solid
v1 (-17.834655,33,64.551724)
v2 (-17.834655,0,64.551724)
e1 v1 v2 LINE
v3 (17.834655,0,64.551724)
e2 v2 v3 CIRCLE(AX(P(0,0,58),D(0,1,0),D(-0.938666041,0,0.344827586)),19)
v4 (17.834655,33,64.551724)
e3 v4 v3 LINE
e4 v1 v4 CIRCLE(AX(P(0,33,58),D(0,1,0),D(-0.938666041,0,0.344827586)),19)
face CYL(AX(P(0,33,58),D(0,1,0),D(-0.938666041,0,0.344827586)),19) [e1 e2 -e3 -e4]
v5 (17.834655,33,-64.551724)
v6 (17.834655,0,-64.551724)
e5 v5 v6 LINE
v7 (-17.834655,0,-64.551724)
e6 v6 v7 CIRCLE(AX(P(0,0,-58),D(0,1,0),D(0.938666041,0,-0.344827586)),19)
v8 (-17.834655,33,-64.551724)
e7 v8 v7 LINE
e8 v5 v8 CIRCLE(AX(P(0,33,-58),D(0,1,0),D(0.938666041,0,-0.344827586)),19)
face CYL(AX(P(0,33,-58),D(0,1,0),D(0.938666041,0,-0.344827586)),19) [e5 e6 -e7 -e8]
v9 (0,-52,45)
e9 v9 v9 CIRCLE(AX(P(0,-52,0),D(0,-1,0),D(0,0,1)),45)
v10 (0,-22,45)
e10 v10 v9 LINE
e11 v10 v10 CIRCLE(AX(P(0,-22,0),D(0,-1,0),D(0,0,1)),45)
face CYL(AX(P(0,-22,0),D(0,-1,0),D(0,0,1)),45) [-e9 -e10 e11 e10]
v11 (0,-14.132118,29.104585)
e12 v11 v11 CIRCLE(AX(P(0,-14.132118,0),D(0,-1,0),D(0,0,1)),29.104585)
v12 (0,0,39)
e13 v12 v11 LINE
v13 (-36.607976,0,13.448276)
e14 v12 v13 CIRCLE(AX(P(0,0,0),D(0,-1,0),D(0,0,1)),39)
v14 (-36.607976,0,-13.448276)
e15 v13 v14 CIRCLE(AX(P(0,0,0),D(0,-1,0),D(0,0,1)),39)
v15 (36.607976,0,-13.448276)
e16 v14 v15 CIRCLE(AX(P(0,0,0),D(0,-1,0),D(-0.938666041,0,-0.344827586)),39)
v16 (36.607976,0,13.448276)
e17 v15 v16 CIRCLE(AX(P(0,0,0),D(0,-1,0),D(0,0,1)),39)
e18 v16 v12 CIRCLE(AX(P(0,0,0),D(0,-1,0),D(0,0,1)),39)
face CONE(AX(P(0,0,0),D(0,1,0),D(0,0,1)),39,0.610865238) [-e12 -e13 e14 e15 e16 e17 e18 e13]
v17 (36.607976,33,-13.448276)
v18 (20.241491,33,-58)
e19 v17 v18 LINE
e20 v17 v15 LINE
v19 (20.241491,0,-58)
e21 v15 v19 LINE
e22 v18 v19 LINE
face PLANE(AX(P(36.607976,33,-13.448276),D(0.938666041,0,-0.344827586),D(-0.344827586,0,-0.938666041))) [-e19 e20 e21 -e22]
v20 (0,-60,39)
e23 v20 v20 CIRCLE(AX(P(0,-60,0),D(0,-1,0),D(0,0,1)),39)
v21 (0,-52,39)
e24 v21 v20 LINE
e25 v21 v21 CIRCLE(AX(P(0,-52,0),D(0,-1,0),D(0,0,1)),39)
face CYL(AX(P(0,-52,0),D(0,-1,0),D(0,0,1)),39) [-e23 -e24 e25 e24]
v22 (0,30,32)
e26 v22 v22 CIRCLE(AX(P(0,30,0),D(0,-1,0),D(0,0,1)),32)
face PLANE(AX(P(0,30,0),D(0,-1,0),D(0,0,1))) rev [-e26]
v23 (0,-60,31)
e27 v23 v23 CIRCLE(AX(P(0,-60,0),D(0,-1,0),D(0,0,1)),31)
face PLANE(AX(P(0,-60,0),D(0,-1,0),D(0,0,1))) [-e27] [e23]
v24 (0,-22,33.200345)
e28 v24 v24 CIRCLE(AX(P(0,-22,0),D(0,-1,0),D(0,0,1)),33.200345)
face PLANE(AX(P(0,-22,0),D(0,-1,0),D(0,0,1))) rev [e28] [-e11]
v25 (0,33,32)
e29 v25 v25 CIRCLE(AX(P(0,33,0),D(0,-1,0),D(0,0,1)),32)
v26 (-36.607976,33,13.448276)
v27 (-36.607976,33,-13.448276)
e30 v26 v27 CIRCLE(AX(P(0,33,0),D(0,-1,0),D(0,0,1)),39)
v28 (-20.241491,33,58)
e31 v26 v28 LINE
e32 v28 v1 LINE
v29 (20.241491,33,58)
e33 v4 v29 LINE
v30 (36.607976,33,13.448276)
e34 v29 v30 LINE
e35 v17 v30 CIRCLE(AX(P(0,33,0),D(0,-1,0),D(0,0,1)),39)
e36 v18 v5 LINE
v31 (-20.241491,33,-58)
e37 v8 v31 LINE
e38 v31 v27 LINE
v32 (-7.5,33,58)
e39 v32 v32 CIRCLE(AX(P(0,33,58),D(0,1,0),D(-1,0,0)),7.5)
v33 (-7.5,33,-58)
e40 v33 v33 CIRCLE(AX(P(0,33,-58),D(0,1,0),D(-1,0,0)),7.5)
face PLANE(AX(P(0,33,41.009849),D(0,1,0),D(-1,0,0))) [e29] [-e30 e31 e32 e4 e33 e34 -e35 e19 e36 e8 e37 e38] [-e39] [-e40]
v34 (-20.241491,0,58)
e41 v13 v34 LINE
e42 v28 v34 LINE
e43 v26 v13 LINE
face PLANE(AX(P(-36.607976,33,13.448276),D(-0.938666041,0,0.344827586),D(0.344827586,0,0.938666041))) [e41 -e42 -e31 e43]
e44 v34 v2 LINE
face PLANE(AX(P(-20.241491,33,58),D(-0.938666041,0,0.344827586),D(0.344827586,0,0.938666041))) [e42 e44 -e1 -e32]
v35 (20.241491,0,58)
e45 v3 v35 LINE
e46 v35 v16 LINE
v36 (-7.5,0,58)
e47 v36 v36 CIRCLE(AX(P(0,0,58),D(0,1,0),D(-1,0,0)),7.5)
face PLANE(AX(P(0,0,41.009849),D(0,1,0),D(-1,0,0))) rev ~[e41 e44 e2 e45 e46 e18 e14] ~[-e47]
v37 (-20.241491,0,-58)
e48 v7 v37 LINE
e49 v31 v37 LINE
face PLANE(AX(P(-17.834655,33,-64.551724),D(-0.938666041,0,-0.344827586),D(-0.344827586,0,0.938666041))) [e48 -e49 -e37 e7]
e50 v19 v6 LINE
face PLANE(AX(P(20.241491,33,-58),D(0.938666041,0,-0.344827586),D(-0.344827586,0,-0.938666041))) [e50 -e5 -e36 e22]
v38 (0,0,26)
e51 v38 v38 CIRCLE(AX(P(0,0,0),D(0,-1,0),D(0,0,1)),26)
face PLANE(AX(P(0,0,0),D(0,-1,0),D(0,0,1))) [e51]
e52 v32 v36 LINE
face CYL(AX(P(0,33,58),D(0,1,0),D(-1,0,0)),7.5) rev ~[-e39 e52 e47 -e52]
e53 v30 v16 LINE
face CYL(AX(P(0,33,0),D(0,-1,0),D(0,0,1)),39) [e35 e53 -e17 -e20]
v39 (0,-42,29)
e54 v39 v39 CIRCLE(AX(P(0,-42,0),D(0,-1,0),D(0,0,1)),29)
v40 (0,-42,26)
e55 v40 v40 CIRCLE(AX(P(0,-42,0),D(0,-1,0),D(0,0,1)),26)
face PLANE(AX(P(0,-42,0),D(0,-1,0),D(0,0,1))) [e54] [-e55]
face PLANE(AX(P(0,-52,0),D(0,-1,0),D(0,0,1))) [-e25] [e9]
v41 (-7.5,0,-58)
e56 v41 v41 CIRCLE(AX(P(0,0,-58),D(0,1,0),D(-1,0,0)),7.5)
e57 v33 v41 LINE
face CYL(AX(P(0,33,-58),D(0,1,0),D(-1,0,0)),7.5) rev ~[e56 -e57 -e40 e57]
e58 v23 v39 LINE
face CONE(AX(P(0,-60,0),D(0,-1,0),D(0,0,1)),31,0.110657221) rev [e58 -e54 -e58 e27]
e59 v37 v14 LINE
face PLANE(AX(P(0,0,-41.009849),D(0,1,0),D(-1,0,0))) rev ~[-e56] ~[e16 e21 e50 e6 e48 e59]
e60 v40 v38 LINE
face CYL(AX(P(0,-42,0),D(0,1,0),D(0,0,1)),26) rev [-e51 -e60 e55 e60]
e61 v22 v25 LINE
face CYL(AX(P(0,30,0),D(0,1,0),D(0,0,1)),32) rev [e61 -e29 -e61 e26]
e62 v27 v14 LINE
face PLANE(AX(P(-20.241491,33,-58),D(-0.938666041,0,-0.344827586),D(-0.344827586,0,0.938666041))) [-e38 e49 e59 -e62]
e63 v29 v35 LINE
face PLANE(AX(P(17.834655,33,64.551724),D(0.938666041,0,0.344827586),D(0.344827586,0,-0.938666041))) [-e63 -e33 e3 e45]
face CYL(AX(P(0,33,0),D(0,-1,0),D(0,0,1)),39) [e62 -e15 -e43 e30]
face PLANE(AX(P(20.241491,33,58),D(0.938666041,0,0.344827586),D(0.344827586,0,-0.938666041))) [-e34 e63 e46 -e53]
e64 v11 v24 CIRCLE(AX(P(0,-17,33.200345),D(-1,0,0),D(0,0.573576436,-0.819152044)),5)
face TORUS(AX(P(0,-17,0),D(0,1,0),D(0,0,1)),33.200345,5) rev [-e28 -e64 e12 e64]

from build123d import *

# Parameters (mm, degrees)
F2_R     = 7.5
F3_DEPTH = 33


with BuildPart() as f1:
    # F0 (on Right) → F1 (revolve)
    with BuildSketch(Plane.YZ):
        with BuildLine():
            Line((-60, 39), (-60, 31))
            Line((-60, 31), (-42, 29))
            Line((-42, 29), (-42, 26))
            Line((-42, 26), (0, 26))
            Line((0, 26), (0, 0))
            Line((0, 0), (30, 0))
            Line((30, 0), (30, 32))
            Line((30, 32), (33, 32))
            Line((33, 32), (33, 39))
            Line((33, 39), (0, 39))
            Line((0, 39), (-14.1321178182, 29.1045845728))
            ThreePointArc((-14.1321178182, 29.1045845728), (-19.3087430662, 28.7652906284), (-22, 33.2003447942))
            Line((-22, 33.2003447942), (-22, 45))
            Line((-22, 45), (-52, 45))
            Line((-52, 45), (-52, 39))
            Line((-52, 39), (-60, 39))
        make_face()
    revolve(axis=Axis((0, 15, 0), (0, -1, 0)))

    # F2 (on face) → F3 (join)
    with BuildSketch(Plane(origin=(0, 33, 0), x_dir=(-1, 0, 0), z_dir=(0, 1, 0))):
        with BuildLine():
            Line((20.2414907731, 58), (17.8346547716, 64.5517241379))
            ThreePointArc((17.8346547716, 64.5517241379), (0, 77), (-17.8346547716, 64.5517241379))
            Line((-17.8346547716, 64.5517241379), (-20.2414907731, 58))
            Line((-20.2414907731, 58), (-36.6079755837, 13.4482758621))
            ThreePointArc((-36.6079755837, 13.4482758621), (0, 39), (36.6079755837, 13.4482758621))
            Line((36.6079755837, 13.4482758621), (20.2414907731, 58))
        make_face()
        with Locations((0, 58)):
            Circle(F2_R, mode=Mode.SUBTRACT)
        with BuildLine():
            ThreePointArc((36.6079755837, -13.4482758621), (0, -39), (-36.6079755837, -13.4482758621))
            Line((-36.6079755837, -13.4482758621), (-20.2414907731, -58))
            Line((-20.2414907731, -58), (-17.8346547716, -64.5517241379))
            ThreePointArc((-17.8346547716, -64.5517241379), (0, -77), (17.8346547716, -64.5517241379))
            Line((17.8346547716, -64.5517241379), (20.2414907731, -58))
            Line((20.2414907731, -58), (36.6079755837, -13.4482758621))
        make_face()
        with Locations((0, -58)):
            Circle(F2_R, mode=Mode.SUBTRACT)
    extrude(amount=-F3_DEPTH)


solid = f1.part
